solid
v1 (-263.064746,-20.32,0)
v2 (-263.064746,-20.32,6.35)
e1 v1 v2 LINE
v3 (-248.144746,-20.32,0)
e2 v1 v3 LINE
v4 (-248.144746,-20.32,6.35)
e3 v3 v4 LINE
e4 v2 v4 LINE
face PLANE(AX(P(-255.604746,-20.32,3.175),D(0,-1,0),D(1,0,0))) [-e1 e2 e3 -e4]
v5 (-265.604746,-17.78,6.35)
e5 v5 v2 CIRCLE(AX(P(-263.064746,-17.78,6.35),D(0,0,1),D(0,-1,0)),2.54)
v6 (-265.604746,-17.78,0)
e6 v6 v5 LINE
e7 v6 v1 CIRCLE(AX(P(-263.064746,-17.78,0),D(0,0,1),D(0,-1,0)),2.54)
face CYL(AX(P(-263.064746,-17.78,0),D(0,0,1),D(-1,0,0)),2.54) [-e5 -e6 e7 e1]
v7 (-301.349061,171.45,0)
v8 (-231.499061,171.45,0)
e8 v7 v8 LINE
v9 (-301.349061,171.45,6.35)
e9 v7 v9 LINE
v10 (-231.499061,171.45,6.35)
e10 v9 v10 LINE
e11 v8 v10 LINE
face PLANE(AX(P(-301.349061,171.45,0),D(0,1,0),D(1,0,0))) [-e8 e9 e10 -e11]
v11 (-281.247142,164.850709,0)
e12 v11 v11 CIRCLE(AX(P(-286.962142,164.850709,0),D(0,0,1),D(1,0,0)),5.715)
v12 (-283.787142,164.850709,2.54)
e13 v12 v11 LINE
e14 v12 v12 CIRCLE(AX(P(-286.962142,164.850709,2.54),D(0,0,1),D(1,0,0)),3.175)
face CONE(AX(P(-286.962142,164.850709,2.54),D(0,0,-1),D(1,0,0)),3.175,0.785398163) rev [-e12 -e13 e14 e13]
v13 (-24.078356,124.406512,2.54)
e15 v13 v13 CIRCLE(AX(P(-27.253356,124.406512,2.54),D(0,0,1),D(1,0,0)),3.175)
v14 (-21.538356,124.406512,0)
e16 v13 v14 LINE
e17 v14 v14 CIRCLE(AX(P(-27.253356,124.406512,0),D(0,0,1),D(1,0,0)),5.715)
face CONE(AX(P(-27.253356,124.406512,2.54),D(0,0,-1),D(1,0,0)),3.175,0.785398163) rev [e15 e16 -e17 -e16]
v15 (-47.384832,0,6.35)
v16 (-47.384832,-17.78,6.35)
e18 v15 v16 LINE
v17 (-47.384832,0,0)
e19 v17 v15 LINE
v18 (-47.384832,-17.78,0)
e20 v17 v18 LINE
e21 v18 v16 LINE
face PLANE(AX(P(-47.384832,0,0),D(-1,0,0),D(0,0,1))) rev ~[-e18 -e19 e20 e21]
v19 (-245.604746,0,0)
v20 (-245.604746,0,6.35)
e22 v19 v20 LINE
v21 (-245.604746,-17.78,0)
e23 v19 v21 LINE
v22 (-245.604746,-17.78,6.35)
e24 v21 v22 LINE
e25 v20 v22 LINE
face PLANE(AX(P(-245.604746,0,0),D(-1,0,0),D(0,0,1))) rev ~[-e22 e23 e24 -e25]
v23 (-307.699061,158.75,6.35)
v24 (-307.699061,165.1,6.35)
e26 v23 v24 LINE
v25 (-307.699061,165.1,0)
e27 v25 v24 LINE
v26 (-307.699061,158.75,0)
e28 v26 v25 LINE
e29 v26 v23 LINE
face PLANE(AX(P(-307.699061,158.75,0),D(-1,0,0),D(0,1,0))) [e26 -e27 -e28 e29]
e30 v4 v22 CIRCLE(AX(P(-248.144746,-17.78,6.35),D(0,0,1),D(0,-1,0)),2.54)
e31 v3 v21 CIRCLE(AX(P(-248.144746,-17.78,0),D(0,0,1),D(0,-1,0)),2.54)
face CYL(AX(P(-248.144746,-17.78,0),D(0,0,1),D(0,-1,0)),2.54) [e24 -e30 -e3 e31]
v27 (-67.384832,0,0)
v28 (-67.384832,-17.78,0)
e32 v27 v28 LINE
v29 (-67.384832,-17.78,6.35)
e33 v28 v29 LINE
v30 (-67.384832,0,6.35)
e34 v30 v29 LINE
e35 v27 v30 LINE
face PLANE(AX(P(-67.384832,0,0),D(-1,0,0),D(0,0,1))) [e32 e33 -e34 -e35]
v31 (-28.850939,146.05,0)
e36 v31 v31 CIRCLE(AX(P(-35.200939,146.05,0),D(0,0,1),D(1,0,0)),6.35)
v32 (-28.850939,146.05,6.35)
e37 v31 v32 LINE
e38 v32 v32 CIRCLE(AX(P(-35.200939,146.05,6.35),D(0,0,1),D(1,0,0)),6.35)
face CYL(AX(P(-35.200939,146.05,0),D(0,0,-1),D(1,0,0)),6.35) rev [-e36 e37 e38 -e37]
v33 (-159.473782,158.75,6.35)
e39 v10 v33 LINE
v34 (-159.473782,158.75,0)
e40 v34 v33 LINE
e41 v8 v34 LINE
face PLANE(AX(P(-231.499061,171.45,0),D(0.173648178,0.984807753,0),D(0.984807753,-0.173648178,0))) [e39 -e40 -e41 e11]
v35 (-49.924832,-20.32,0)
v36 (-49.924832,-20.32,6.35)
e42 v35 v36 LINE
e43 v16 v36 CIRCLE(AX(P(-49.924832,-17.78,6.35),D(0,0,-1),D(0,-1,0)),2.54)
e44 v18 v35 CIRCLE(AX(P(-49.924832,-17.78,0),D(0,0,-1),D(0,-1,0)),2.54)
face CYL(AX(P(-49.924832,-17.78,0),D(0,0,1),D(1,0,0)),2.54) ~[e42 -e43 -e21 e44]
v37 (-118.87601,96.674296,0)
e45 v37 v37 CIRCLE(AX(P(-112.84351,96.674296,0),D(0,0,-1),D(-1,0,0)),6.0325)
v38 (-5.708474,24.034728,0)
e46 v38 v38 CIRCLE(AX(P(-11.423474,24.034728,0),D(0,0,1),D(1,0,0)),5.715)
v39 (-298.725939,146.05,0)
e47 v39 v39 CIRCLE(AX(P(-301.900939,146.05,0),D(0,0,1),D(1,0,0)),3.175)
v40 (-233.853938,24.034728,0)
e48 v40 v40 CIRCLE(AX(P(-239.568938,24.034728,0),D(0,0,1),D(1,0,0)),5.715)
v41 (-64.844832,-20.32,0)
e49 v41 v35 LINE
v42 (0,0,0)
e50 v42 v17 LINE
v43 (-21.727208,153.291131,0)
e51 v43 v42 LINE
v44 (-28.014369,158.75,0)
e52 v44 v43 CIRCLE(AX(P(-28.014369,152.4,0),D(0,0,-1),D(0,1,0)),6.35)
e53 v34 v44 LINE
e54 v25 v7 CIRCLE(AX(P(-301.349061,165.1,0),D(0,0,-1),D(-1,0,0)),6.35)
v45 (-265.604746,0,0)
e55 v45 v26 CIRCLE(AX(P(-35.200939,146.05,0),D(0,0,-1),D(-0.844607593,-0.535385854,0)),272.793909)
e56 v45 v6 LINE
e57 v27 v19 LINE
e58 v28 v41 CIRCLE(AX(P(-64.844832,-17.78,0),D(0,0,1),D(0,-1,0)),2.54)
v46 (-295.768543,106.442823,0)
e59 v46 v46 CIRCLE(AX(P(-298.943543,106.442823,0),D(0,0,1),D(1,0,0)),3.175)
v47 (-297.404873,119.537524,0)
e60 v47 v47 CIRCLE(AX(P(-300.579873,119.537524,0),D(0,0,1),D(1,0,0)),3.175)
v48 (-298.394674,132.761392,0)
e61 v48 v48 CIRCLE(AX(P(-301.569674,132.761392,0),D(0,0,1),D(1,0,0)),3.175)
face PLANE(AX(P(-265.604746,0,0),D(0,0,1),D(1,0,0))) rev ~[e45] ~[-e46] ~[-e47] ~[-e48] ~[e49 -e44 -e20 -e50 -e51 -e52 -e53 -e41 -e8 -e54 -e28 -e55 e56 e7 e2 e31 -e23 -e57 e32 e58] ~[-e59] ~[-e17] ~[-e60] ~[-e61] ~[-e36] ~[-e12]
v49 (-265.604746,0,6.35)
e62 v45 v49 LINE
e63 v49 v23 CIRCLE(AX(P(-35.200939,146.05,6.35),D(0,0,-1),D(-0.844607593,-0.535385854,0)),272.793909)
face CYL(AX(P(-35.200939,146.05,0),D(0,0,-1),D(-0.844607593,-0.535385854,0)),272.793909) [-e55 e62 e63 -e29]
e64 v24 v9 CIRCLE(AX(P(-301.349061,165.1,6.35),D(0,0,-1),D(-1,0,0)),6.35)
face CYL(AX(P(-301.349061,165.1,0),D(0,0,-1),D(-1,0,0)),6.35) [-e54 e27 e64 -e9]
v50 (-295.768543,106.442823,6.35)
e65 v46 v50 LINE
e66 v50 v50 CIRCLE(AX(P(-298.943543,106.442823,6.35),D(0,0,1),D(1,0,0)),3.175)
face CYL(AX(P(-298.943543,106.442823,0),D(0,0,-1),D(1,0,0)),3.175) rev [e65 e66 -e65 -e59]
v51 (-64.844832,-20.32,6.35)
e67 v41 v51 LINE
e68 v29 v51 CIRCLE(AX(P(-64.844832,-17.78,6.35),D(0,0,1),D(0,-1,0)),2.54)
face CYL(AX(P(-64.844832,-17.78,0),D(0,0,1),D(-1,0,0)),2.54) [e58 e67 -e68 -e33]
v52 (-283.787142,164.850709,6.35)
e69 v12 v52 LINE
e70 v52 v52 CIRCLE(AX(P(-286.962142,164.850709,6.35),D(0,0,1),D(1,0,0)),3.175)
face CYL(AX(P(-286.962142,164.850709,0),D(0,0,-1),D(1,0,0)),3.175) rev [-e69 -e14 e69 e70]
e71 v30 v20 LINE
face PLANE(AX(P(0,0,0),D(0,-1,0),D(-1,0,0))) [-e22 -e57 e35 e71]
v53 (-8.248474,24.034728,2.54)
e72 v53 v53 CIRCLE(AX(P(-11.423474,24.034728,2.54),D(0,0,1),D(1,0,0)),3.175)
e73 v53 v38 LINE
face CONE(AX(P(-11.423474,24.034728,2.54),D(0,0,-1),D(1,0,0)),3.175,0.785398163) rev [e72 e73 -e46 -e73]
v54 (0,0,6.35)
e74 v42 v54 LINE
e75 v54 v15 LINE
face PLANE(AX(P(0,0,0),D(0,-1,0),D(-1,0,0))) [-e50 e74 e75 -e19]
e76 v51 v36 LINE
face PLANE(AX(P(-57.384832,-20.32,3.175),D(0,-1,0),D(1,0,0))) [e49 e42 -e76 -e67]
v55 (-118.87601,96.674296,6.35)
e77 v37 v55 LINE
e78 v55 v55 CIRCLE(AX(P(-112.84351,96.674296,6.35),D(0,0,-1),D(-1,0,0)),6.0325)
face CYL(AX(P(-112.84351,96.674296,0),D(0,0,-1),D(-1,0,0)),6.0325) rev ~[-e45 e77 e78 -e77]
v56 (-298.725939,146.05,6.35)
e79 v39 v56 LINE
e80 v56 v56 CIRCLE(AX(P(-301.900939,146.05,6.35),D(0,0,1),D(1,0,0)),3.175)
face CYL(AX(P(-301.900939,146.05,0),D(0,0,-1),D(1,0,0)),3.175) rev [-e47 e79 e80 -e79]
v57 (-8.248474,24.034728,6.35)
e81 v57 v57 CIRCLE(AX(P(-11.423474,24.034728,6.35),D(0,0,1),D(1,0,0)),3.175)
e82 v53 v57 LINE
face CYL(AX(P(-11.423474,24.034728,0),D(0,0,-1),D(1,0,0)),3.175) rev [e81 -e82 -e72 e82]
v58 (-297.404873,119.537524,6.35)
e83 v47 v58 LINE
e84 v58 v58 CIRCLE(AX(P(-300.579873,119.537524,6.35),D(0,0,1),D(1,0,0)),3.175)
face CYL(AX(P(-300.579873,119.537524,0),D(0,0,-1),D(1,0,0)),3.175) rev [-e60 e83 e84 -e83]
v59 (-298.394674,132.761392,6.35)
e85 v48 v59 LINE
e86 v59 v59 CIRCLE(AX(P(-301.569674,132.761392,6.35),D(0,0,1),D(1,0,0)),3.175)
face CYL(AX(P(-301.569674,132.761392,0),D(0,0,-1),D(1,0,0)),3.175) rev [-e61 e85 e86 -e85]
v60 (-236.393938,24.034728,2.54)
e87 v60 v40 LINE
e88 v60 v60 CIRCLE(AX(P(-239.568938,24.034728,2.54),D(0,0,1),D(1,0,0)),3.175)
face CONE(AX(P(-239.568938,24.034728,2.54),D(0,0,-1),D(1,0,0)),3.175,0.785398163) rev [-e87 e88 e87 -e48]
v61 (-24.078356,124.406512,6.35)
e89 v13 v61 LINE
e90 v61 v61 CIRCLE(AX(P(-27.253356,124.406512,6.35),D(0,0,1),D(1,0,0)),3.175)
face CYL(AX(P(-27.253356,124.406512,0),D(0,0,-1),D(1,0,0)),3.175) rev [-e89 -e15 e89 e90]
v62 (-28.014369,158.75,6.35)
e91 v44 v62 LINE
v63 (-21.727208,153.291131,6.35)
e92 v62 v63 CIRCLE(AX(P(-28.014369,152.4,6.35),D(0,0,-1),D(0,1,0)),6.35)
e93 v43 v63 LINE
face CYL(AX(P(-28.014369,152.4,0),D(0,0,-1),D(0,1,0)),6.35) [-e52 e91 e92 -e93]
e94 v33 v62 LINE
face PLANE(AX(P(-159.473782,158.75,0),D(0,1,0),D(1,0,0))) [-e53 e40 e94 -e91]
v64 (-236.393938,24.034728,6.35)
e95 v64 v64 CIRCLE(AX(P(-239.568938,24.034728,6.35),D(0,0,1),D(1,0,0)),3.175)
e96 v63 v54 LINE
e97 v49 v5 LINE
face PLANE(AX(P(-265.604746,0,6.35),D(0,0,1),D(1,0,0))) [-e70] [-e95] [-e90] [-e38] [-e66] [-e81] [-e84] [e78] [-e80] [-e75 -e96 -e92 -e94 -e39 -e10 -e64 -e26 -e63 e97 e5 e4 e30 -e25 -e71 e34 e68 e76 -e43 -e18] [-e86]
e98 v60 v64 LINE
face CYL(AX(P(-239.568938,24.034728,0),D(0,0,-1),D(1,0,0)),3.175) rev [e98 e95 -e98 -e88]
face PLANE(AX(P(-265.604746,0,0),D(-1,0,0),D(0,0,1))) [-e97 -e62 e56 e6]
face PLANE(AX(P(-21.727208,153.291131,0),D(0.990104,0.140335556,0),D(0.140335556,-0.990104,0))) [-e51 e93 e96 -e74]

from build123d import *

# Parameters (mm, degrees)
SKETCH18_R          = 1.905
SKETCH18_R_2        = 3.175
SKETCH18_R_3        = 6.35
SKETCH18_R_4        = 2.5
SKETCH18_R_5        = 10.922
BOSS_EXTRUDE4_DEPTH = 6.35
CHAMFER1_SIZE       = 2.54
SKETCH19_R          = 32.808821981
BOSS_EXTRUDE5_DEPTH = 6.35
SKETCH20_R          = 6.0325
CUT_EXTRUDE1_DEPTH  = 6.35
SKETCH22_W          = 20
SKETCH22_H          = 6.35
BOSS_EXTRUDE6_DEPTH = 20.32
FILLET1_R           = 2.54


with BuildPart() as part:
    # Sketch18 → Boss-Extrude4 (new body)
    with BuildSketch(Plane.XY):
        with BuildLine():
            Line((0, 0), (-265.604745697, 0))
            ThreePointArc((-265.604745697, 0), (-298.882523776, 76.131915965), (-307.699061234, 158.75))
            Line((-307.699061234, 158.75), (-307.699061234, 165.1))
            ThreePointArc((-307.699061234, 165.1), (-305.839189294, 169.590128061), (-301.349061234, 171.45))
            Line((-301.349061234, 171.45), (-231.499061234, 171.45))
            Line((-231.499061234, 171.45), (-159.473782125, 158.75))
            Line((-159.473782125, 158.75), (-28.014368889, 158.75))
            ThreePointArc((-28.014368889, 158.75), (-23.851207857, 157.194850386), (-21.727208485, 153.291130779))
            Line((-21.727208485, 153.291130779), (0, 0))
        make_face()
        with Locations((-180.594, 136.144)):
            Circle(SKETCH18_R, mode=Mode.SUBTRACT)
        with Locations((-11.423473622, 24.034728138)):
            Circle(SKETCH18_R_2, mode=Mode.SUBTRACT)
        with Locations((-27.253356194, 124.406511892)):
            Circle(SKETCH18_R_2, mode=Mode.SUBTRACT)
        with Locations((-35.200938766, 146.05)):
            Circle(SKETCH18_R_3, mode=Mode.SUBTRACT)
        with Locations((-301.900938766, 146.05)):
            Circle(SKETCH18_R_2, mode=Mode.SUBTRACT)
        with Locations((-301.569673588, 132.761391752)):
            Circle(SKETCH18_R_2, mode=Mode.SUBTRACT)
        with Locations((-300.579872803, 119.537524267)):
            Circle(SKETCH18_R_2, mode=Mode.SUBTRACT)
        with Locations((-298.943543444, 106.442822899)):
            Circle(SKETCH18_R_2, mode=Mode.SUBTRACT)
        with Locations((-239.568937637, 24.034728138)):
            Circle(SKETCH18_R_2, mode=Mode.SUBTRACT)
        with Locations((-286.962142025, 164.850708953)):
            Circle(SKETCH18_R_2, mode=Mode.SUBTRACT)
        with Locations((-187.097045256, 107.95)):
            Circle(SKETCH18_R_4, mode=Mode.SUBTRACT)
        with Locations((-180.594, 105.156)):
            Circle(SKETCH18_R, mode=Mode.SUBTRACT)
        with Locations((-165.1, 120.65)):
            Circle(SKETCH18_R_5, mode=Mode.SUBTRACT)
        with Locations((-165.1, 146.05)):
            Circle(SKETCH18_R_4, mode=Mode.SUBTRACT)
        with Locations((-149.606, 105.156)):
            Circle(SKETCH18_R, mode=Mode.SUBTRACT)
        with Locations((-149.606, 136.144)):
            Circle(SKETCH18_R, mode=Mode.SUBTRACT)
        with Locations((-143.102954744, 107.95)):
            Circle(SKETCH18_R_4, mode=Mode.SUBTRACT)
    extrude(amount=BOSS_EXTRUDE4_DEPTH)

    # Chamfer1
    chamfer1_edges = [part.edges().sort_by_distance(p)[0] for p in [
        (-14.598473622, 24.034728138, 0),
        (-30.428356194, 124.406511892, 0),
        (-242.743937637, 24.034728138, 0),
        (-290.137142025, 164.850708953, 0),
    ]]
    chamfer(chamfer1_edges, length=CHAMFER1_SIZE)

    # Sketch19 → Boss-Extrude5 (add)
    with BuildSketch(Plane(origin=(0, 0, 0), x_dir=(-1, 0, 0), z_dir=(0, 0, -1))):
        with Locations((165.1, 120.65)):
            Circle(SKETCH19_R)
    extrude(amount=-BOSS_EXTRUDE5_DEPTH)

    # Sketch20 → Cut-Extrude1 (cut)
    with BuildSketch(Plane(origin=(0, 0, 0), x_dir=(-1, 0, 0), z_dir=(0, 0, -1))):
        with Locations((112.843509564, 96.674296134)):
            Circle(SKETCH20_R)
    extrude(amount=-CUT_EXTRUDE1_DEPTH, mode=Mode.SUBTRACT)

    # Sketch22 → Boss-Extrude6 (add)
    with BuildSketch(Plane.XZ):
        with Locations((-57.384832148, 3.175)):
            Rectangle(SKETCH22_W, SKETCH22_H)
        with Locations((-255.604745697, 3.175)):
            Rectangle(SKETCH22_W, SKETCH22_H)
    extrude(amount=BOSS_EXTRUDE6_DEPTH)

    # Fillet1
    fillet1_edges = [part.edges().sort_by_distance(p)[0] for p in [
        (-67.384832148, -20.32, 3.175),
        (-47.384832148, -20.32, 3.175),
        (-265.604745697, -20.32, 3.175),
        (-245.604745697, -20.32, 3.175),
    ]]
    fillet(fillet1_edges, radius=FILLET1_R)


solid = part.part
